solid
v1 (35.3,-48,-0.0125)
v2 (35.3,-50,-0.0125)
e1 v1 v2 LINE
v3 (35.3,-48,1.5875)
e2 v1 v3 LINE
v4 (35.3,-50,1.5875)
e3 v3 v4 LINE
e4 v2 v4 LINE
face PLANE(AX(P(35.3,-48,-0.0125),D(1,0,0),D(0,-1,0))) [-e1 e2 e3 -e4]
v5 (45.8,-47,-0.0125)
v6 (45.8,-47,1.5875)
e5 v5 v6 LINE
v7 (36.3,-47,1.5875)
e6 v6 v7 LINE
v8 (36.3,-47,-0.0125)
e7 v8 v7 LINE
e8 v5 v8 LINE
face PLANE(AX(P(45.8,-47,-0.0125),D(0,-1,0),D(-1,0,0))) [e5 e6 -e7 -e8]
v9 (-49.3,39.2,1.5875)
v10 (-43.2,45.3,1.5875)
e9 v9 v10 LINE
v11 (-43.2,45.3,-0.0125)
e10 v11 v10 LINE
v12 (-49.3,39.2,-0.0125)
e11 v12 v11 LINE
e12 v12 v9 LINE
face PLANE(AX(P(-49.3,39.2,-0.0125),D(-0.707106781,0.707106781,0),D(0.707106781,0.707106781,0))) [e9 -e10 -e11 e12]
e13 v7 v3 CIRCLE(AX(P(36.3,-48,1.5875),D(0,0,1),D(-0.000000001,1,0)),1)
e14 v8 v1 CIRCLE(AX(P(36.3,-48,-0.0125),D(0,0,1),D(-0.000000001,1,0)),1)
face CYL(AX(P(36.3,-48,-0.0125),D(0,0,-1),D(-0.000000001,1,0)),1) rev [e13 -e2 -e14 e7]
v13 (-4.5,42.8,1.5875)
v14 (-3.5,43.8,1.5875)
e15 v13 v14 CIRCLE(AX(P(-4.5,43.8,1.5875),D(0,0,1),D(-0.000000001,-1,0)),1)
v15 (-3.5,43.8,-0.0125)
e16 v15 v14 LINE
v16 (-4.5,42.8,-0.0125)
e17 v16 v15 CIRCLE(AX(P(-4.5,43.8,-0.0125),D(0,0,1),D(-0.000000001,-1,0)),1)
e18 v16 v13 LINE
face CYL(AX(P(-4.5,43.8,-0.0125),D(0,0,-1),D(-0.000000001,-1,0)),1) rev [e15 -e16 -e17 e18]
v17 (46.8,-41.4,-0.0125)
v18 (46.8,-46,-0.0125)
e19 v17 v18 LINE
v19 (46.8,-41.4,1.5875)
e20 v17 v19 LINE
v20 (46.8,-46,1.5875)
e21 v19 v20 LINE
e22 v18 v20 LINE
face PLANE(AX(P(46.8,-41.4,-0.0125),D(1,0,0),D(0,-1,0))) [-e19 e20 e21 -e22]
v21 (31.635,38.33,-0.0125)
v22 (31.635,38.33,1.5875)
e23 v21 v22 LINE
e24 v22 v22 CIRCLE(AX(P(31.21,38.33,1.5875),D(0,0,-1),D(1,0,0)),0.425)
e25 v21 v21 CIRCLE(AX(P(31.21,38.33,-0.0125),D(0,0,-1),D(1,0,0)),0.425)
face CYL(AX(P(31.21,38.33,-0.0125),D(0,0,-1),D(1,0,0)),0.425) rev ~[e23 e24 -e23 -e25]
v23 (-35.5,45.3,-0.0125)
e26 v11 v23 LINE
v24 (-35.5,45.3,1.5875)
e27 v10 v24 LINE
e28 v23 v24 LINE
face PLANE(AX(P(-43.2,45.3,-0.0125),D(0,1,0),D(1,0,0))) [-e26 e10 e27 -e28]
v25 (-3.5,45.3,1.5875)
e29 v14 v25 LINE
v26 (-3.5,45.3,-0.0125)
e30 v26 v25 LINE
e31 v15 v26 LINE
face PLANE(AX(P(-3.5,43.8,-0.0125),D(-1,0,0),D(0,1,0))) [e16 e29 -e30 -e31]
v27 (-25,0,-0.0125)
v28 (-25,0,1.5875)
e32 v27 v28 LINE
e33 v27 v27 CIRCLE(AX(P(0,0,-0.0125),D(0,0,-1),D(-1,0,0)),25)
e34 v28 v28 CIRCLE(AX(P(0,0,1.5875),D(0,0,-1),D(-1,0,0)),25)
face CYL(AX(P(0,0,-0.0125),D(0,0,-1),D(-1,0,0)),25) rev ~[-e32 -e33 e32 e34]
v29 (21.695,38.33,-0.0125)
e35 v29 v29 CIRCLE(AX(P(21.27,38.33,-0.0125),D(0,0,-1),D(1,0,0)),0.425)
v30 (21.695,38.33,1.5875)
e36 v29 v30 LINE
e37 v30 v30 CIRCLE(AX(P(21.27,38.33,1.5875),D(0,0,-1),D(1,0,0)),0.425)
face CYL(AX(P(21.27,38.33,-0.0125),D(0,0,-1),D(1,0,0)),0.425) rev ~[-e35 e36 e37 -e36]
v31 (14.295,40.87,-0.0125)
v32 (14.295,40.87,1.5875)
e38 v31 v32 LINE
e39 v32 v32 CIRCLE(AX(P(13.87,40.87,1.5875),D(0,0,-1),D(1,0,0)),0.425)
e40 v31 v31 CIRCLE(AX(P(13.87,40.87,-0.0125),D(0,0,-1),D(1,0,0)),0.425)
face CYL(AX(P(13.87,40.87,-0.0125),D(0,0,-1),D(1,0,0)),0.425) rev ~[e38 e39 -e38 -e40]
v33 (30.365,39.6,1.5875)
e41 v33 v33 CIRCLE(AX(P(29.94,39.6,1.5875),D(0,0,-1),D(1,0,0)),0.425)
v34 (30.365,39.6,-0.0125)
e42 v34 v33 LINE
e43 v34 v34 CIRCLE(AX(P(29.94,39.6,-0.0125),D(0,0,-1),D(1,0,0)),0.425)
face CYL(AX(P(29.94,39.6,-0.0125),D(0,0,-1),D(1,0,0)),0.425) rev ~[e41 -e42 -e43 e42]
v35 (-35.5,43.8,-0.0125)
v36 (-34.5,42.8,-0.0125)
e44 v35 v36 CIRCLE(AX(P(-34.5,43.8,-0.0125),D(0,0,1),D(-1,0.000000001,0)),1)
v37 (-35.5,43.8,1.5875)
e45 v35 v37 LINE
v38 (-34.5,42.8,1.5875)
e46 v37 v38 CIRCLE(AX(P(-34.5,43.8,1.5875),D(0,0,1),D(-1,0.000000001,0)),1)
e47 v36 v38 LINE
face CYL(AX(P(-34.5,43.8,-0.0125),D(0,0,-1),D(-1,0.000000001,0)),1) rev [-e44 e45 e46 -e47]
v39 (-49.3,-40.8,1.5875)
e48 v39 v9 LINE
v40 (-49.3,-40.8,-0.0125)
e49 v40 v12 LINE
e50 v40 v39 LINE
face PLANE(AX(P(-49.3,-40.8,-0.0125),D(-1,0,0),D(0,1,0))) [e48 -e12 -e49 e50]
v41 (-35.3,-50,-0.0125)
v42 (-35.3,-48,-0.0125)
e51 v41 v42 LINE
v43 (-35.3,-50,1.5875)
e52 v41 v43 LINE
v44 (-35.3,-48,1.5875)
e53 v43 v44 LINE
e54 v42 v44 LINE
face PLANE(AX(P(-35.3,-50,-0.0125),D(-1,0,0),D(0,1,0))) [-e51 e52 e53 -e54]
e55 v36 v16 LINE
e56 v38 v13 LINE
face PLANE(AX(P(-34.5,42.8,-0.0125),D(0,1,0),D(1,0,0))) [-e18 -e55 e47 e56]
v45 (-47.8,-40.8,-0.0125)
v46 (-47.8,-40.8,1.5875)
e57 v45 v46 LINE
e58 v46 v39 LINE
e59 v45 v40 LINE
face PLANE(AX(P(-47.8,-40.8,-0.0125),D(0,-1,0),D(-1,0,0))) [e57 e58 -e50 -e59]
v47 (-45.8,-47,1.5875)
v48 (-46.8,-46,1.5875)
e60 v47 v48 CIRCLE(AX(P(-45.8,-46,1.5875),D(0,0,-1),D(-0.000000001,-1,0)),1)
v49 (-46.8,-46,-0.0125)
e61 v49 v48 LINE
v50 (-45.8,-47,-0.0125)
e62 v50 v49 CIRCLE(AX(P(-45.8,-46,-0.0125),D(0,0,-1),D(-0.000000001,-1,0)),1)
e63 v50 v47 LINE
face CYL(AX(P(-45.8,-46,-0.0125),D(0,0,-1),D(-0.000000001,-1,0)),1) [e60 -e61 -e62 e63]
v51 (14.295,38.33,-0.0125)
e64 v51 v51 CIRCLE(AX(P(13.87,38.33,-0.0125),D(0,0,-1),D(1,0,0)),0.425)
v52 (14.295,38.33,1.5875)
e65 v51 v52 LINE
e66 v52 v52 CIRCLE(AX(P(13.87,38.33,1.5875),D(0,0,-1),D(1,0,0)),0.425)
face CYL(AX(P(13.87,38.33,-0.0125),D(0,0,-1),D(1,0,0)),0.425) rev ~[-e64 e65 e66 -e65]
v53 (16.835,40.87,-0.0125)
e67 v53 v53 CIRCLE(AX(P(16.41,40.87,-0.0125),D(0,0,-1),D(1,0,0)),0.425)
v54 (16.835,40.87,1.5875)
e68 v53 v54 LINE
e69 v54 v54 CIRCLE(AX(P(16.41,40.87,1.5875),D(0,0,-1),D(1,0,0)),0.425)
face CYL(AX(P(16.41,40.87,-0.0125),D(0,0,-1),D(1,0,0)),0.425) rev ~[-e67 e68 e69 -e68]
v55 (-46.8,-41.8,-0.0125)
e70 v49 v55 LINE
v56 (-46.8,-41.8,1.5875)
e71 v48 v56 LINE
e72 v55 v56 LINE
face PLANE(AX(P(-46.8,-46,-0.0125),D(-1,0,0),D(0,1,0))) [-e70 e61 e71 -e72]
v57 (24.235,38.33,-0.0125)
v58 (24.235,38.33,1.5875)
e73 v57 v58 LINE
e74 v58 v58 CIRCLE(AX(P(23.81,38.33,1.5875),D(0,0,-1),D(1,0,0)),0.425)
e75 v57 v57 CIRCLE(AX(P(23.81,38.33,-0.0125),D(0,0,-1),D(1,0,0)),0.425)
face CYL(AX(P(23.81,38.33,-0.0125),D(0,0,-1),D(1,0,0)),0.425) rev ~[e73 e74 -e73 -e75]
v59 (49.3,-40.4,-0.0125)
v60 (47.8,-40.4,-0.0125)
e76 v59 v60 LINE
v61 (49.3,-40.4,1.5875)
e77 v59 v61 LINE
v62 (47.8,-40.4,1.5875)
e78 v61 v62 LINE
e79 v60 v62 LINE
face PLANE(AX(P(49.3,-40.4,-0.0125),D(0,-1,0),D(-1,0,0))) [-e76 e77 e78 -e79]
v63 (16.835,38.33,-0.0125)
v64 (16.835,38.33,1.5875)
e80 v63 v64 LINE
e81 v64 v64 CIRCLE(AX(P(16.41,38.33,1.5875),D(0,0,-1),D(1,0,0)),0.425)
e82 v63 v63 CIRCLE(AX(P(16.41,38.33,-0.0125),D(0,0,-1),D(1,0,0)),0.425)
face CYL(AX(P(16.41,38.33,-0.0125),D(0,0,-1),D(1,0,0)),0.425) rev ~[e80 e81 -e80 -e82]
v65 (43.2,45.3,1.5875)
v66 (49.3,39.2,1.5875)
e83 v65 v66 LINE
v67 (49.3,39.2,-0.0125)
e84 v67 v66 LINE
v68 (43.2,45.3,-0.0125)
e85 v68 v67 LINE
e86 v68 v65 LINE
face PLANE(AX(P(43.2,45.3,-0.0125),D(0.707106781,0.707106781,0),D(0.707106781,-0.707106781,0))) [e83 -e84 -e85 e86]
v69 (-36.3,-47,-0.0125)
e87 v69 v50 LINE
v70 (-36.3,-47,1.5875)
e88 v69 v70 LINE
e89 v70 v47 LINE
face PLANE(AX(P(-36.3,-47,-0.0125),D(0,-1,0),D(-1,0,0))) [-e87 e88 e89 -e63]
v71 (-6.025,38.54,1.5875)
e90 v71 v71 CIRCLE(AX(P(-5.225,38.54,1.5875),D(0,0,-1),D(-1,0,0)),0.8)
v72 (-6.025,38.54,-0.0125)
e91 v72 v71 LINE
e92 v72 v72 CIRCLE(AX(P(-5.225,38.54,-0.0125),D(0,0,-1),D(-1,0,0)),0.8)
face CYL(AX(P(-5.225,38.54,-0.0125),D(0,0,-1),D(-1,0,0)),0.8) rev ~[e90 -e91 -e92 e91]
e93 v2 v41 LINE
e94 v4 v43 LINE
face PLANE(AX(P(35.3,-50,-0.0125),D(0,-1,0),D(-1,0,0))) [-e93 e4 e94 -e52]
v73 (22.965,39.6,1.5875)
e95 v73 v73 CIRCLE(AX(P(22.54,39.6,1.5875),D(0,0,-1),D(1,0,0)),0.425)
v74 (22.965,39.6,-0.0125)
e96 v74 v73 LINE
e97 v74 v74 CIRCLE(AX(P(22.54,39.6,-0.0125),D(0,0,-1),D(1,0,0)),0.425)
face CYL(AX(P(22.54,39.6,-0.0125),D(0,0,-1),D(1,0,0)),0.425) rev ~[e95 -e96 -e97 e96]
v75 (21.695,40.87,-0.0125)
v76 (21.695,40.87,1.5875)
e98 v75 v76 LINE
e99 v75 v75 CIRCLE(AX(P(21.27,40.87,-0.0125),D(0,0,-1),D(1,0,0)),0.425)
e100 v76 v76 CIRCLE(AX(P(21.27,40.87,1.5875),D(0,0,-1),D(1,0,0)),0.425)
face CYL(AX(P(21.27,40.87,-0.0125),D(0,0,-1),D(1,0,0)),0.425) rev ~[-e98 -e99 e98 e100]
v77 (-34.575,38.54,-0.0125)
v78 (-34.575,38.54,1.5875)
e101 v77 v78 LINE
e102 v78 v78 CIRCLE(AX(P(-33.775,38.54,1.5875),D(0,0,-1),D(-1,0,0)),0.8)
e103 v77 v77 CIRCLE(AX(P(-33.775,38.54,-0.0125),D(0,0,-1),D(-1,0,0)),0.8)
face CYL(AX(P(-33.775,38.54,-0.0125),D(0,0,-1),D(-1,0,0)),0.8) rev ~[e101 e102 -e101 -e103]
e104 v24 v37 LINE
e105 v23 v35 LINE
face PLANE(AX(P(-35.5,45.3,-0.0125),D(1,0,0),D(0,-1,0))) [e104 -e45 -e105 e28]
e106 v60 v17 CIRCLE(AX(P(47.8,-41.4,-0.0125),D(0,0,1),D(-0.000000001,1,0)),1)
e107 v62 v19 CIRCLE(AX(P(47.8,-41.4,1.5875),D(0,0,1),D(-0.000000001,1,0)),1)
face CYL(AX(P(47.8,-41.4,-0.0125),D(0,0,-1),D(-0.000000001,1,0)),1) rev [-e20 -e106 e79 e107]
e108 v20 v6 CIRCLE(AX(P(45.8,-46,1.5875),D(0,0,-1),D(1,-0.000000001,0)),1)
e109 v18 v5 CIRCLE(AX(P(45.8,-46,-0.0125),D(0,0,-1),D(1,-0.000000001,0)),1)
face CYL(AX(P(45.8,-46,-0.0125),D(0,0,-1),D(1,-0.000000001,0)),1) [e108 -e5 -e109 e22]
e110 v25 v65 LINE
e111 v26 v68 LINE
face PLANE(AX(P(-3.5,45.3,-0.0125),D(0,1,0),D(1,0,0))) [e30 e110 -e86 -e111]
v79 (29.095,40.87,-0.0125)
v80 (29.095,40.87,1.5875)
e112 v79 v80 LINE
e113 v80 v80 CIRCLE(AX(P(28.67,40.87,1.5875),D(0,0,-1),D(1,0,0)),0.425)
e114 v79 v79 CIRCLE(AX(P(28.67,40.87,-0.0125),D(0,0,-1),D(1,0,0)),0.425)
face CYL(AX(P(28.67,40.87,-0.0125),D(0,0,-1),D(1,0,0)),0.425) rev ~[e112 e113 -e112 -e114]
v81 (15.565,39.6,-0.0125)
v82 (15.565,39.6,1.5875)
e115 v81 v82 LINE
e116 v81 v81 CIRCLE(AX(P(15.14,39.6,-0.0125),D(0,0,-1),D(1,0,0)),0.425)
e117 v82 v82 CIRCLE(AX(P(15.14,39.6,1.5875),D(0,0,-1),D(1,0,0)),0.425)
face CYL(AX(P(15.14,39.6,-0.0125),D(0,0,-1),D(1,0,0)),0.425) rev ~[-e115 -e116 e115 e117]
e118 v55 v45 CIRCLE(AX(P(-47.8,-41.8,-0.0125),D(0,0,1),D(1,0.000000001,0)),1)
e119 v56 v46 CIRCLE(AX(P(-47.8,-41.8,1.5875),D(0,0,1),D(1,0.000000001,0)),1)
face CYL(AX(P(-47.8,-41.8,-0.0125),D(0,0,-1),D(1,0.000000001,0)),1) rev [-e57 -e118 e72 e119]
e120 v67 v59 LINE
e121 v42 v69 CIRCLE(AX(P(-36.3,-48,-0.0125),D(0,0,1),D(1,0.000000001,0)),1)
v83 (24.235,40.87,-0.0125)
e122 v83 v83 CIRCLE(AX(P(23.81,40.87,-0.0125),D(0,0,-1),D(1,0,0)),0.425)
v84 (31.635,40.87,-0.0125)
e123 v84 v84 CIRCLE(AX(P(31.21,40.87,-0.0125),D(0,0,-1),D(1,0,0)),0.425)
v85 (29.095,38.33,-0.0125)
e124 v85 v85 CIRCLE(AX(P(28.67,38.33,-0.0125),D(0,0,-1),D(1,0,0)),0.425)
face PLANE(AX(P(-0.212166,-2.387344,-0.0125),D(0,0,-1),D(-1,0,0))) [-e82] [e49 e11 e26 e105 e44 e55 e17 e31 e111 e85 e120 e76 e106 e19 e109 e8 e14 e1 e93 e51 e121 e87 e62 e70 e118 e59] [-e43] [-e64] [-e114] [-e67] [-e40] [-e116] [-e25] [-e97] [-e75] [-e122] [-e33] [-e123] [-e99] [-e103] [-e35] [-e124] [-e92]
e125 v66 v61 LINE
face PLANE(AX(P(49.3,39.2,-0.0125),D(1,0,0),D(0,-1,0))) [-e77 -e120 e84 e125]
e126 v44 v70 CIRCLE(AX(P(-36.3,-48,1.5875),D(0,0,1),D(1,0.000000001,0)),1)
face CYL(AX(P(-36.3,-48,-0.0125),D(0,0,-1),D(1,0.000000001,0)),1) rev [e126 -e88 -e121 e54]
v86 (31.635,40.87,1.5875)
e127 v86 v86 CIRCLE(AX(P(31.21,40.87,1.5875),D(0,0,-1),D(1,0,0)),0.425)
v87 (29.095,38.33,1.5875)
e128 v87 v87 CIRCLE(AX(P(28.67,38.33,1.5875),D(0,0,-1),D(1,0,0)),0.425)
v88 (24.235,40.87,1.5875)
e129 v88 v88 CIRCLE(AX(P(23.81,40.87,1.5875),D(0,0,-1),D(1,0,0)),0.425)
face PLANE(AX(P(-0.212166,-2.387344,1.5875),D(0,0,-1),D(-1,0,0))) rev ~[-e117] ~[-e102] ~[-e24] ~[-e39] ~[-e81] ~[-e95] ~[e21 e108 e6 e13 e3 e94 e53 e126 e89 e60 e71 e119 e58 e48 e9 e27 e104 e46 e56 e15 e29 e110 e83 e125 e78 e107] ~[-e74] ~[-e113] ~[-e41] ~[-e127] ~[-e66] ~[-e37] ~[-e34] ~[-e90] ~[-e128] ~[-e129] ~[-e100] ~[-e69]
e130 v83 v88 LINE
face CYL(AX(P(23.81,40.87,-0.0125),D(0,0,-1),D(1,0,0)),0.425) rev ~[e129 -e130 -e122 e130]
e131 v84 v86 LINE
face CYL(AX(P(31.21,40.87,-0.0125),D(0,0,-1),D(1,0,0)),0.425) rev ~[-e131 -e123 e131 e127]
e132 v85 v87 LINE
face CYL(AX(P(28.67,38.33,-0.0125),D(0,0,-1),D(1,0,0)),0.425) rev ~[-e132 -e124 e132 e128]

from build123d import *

# Parameters (mm, degrees)
SKETCH1_R           = 0.425
SKETCH1_R_2         = 25
SKETCH1_R_3         = 0.8
BOSS_EXTRUDE1_DEPTH = 1.6


with BuildPart() as part:
    # Sketch1 → Boss-Extrude1 (new body)
    with BuildSketch(Plane(origin=(0, 0, -0.0125), x_dir=(-1, 0, 0), z_dir=(0, 0, -1))):
        with BuildLine():
            Line((47.8, -40.8), (49.3, -40.8))
            Line((49.3, -40.8), (49.3, 39.2))
            Line((49.3, 39.2), (43.2, 45.3))
            Line((43.2, 45.3), (35.500000017, 45.3))
            Line((35.500000017, 45.3), (35.500000017, 43.8))
            ThreePointArc((35.500000017, 43.8), (35.207106799, 43.092893219), (34.500000017, 42.8))
            Line((34.500000017, 42.8), (4.500000014, 42.8))
            ThreePointArc((4.500000014, 42.8), (3.792893232, 43.092893219), (3.500000014, 43.8))
            Line((3.500000014, 43.8), (3.500000014, 45.3))
            Line((3.500000014, 45.3), (-43.2, 45.3))
            Line((-43.2, 45.3), (-49.3, 39.2))
            Line((-49.3, 39.2), (-49.3, -40.4))
            Line((-49.3, -40.4), (-47.8, -40.4))
            ThreePointArc((-47.8, -40.4), (-47.092893219, -40.692893219), (-46.8, -41.4))
            Line((-46.8, -41.4), (-46.8, -46))
            ThreePointArc((-46.8, -46), (-46.507106781, -46.707106781), (-45.8, -47))
            Line((-45.8, -47), (-36.3, -47))
            ThreePointArc((-36.3, -47), (-35.592893219, -47.292893219), (-35.3, -48))
            Line((-35.3, -48), (-35.3, -50))
            Line((-35.3, -50), (35.3, -50))
            Line((35.3, -50), (35.3, -48))
            ThreePointArc((35.3, -48), (35.592893219, -47.292893219), (36.3, -47))
            Line((36.3, -47), (45.8, -47))
            ThreePointArc((45.8, -47), (46.507106781, -46.707106781), (46.8, -46))
            Line((46.8, -46), (46.8, -41.8))
            ThreePointArc((46.8, -41.8), (47.092893219, -41.092893219), (47.8, -40.8))
        make_face()
        with Locations(Location((-13.87, 38.33, 0), (0, 0, 180))):
            Circle(SKETCH1_R, mode=Mode.SUBTRACT)
        Circle(SKETCH1_R_2, mode=Mode.SUBTRACT)
        with Locations(Location((-22.54, 39.6, 0), (0, 0, 180))):
            Circle(SKETCH1_R, mode=Mode.SUBTRACT)
        with Locations(Location((-23.81, 40.87, 0), (0, 0, 180))):
            Circle(SKETCH1_R, mode=Mode.SUBTRACT)
        with Locations(Location((-21.27, 40.87, 0), (0, 0, 180))):
            Circle(SKETCH1_R, mode=Mode.SUBTRACT)
        with Locations(Location((-13.87, 40.87, 0), (0, 0, 180))):
            Circle(SKETCH1_R, mode=Mode.SUBTRACT)
        with Locations(Location((-31.21, 40.87, 0), (0, 0, 180))):
            Circle(SKETCH1_R, mode=Mode.SUBTRACT)
        with Locations(Location((-16.41, 40.87, 0), (0, 0, 180))):
            Circle(SKETCH1_R, mode=Mode.SUBTRACT)
        with Locations(Location((-15.14, 39.6, 0), (0, 0, 180))):
            Circle(SKETCH1_R, mode=Mode.SUBTRACT)
        with Locations(Location((-29.94, 39.6, 0), (0, 0, 180))):
            Circle(SKETCH1_R, mode=Mode.SUBTRACT)
        with Locations(Location((-28.67, 40.87, 0), (0, 0, 180))):
            Circle(SKETCH1_R, mode=Mode.SUBTRACT)
        with Locations(Location((-28.67, 38.33, 0), (0, 0, 180))):
            Circle(SKETCH1_R, mode=Mode.SUBTRACT)
        with Locations(Location((-16.41, 38.33, 0), (0, 0, 180))):
            Circle(SKETCH1_R, mode=Mode.SUBTRACT)
        with Locations(Location((-21.27, 38.33, 0), (0, 0, 180))):
            Circle(SKETCH1_R, mode=Mode.SUBTRACT)
        with Locations(Location((-23.81, 38.33, 0), (0, 0, 180))):
            Circle(SKETCH1_R, mode=Mode.SUBTRACT)
        with Locations(Location((-31.21, 38.33, 0), (0, 0, 180))):
            Circle(SKETCH1_R, mode=Mode.SUBTRACT)
        with Locations((33.775, 38.54)):
            Circle(SKETCH1_R_3, mode=Mode.SUBTRACT)
        with Locations((5.225, 38.54)):
            Circle(SKETCH1_R_3, mode=Mode.SUBTRACT)
    extrude(amount=-BOSS_EXTRUDE1_DEPTH)


solid = part.part
